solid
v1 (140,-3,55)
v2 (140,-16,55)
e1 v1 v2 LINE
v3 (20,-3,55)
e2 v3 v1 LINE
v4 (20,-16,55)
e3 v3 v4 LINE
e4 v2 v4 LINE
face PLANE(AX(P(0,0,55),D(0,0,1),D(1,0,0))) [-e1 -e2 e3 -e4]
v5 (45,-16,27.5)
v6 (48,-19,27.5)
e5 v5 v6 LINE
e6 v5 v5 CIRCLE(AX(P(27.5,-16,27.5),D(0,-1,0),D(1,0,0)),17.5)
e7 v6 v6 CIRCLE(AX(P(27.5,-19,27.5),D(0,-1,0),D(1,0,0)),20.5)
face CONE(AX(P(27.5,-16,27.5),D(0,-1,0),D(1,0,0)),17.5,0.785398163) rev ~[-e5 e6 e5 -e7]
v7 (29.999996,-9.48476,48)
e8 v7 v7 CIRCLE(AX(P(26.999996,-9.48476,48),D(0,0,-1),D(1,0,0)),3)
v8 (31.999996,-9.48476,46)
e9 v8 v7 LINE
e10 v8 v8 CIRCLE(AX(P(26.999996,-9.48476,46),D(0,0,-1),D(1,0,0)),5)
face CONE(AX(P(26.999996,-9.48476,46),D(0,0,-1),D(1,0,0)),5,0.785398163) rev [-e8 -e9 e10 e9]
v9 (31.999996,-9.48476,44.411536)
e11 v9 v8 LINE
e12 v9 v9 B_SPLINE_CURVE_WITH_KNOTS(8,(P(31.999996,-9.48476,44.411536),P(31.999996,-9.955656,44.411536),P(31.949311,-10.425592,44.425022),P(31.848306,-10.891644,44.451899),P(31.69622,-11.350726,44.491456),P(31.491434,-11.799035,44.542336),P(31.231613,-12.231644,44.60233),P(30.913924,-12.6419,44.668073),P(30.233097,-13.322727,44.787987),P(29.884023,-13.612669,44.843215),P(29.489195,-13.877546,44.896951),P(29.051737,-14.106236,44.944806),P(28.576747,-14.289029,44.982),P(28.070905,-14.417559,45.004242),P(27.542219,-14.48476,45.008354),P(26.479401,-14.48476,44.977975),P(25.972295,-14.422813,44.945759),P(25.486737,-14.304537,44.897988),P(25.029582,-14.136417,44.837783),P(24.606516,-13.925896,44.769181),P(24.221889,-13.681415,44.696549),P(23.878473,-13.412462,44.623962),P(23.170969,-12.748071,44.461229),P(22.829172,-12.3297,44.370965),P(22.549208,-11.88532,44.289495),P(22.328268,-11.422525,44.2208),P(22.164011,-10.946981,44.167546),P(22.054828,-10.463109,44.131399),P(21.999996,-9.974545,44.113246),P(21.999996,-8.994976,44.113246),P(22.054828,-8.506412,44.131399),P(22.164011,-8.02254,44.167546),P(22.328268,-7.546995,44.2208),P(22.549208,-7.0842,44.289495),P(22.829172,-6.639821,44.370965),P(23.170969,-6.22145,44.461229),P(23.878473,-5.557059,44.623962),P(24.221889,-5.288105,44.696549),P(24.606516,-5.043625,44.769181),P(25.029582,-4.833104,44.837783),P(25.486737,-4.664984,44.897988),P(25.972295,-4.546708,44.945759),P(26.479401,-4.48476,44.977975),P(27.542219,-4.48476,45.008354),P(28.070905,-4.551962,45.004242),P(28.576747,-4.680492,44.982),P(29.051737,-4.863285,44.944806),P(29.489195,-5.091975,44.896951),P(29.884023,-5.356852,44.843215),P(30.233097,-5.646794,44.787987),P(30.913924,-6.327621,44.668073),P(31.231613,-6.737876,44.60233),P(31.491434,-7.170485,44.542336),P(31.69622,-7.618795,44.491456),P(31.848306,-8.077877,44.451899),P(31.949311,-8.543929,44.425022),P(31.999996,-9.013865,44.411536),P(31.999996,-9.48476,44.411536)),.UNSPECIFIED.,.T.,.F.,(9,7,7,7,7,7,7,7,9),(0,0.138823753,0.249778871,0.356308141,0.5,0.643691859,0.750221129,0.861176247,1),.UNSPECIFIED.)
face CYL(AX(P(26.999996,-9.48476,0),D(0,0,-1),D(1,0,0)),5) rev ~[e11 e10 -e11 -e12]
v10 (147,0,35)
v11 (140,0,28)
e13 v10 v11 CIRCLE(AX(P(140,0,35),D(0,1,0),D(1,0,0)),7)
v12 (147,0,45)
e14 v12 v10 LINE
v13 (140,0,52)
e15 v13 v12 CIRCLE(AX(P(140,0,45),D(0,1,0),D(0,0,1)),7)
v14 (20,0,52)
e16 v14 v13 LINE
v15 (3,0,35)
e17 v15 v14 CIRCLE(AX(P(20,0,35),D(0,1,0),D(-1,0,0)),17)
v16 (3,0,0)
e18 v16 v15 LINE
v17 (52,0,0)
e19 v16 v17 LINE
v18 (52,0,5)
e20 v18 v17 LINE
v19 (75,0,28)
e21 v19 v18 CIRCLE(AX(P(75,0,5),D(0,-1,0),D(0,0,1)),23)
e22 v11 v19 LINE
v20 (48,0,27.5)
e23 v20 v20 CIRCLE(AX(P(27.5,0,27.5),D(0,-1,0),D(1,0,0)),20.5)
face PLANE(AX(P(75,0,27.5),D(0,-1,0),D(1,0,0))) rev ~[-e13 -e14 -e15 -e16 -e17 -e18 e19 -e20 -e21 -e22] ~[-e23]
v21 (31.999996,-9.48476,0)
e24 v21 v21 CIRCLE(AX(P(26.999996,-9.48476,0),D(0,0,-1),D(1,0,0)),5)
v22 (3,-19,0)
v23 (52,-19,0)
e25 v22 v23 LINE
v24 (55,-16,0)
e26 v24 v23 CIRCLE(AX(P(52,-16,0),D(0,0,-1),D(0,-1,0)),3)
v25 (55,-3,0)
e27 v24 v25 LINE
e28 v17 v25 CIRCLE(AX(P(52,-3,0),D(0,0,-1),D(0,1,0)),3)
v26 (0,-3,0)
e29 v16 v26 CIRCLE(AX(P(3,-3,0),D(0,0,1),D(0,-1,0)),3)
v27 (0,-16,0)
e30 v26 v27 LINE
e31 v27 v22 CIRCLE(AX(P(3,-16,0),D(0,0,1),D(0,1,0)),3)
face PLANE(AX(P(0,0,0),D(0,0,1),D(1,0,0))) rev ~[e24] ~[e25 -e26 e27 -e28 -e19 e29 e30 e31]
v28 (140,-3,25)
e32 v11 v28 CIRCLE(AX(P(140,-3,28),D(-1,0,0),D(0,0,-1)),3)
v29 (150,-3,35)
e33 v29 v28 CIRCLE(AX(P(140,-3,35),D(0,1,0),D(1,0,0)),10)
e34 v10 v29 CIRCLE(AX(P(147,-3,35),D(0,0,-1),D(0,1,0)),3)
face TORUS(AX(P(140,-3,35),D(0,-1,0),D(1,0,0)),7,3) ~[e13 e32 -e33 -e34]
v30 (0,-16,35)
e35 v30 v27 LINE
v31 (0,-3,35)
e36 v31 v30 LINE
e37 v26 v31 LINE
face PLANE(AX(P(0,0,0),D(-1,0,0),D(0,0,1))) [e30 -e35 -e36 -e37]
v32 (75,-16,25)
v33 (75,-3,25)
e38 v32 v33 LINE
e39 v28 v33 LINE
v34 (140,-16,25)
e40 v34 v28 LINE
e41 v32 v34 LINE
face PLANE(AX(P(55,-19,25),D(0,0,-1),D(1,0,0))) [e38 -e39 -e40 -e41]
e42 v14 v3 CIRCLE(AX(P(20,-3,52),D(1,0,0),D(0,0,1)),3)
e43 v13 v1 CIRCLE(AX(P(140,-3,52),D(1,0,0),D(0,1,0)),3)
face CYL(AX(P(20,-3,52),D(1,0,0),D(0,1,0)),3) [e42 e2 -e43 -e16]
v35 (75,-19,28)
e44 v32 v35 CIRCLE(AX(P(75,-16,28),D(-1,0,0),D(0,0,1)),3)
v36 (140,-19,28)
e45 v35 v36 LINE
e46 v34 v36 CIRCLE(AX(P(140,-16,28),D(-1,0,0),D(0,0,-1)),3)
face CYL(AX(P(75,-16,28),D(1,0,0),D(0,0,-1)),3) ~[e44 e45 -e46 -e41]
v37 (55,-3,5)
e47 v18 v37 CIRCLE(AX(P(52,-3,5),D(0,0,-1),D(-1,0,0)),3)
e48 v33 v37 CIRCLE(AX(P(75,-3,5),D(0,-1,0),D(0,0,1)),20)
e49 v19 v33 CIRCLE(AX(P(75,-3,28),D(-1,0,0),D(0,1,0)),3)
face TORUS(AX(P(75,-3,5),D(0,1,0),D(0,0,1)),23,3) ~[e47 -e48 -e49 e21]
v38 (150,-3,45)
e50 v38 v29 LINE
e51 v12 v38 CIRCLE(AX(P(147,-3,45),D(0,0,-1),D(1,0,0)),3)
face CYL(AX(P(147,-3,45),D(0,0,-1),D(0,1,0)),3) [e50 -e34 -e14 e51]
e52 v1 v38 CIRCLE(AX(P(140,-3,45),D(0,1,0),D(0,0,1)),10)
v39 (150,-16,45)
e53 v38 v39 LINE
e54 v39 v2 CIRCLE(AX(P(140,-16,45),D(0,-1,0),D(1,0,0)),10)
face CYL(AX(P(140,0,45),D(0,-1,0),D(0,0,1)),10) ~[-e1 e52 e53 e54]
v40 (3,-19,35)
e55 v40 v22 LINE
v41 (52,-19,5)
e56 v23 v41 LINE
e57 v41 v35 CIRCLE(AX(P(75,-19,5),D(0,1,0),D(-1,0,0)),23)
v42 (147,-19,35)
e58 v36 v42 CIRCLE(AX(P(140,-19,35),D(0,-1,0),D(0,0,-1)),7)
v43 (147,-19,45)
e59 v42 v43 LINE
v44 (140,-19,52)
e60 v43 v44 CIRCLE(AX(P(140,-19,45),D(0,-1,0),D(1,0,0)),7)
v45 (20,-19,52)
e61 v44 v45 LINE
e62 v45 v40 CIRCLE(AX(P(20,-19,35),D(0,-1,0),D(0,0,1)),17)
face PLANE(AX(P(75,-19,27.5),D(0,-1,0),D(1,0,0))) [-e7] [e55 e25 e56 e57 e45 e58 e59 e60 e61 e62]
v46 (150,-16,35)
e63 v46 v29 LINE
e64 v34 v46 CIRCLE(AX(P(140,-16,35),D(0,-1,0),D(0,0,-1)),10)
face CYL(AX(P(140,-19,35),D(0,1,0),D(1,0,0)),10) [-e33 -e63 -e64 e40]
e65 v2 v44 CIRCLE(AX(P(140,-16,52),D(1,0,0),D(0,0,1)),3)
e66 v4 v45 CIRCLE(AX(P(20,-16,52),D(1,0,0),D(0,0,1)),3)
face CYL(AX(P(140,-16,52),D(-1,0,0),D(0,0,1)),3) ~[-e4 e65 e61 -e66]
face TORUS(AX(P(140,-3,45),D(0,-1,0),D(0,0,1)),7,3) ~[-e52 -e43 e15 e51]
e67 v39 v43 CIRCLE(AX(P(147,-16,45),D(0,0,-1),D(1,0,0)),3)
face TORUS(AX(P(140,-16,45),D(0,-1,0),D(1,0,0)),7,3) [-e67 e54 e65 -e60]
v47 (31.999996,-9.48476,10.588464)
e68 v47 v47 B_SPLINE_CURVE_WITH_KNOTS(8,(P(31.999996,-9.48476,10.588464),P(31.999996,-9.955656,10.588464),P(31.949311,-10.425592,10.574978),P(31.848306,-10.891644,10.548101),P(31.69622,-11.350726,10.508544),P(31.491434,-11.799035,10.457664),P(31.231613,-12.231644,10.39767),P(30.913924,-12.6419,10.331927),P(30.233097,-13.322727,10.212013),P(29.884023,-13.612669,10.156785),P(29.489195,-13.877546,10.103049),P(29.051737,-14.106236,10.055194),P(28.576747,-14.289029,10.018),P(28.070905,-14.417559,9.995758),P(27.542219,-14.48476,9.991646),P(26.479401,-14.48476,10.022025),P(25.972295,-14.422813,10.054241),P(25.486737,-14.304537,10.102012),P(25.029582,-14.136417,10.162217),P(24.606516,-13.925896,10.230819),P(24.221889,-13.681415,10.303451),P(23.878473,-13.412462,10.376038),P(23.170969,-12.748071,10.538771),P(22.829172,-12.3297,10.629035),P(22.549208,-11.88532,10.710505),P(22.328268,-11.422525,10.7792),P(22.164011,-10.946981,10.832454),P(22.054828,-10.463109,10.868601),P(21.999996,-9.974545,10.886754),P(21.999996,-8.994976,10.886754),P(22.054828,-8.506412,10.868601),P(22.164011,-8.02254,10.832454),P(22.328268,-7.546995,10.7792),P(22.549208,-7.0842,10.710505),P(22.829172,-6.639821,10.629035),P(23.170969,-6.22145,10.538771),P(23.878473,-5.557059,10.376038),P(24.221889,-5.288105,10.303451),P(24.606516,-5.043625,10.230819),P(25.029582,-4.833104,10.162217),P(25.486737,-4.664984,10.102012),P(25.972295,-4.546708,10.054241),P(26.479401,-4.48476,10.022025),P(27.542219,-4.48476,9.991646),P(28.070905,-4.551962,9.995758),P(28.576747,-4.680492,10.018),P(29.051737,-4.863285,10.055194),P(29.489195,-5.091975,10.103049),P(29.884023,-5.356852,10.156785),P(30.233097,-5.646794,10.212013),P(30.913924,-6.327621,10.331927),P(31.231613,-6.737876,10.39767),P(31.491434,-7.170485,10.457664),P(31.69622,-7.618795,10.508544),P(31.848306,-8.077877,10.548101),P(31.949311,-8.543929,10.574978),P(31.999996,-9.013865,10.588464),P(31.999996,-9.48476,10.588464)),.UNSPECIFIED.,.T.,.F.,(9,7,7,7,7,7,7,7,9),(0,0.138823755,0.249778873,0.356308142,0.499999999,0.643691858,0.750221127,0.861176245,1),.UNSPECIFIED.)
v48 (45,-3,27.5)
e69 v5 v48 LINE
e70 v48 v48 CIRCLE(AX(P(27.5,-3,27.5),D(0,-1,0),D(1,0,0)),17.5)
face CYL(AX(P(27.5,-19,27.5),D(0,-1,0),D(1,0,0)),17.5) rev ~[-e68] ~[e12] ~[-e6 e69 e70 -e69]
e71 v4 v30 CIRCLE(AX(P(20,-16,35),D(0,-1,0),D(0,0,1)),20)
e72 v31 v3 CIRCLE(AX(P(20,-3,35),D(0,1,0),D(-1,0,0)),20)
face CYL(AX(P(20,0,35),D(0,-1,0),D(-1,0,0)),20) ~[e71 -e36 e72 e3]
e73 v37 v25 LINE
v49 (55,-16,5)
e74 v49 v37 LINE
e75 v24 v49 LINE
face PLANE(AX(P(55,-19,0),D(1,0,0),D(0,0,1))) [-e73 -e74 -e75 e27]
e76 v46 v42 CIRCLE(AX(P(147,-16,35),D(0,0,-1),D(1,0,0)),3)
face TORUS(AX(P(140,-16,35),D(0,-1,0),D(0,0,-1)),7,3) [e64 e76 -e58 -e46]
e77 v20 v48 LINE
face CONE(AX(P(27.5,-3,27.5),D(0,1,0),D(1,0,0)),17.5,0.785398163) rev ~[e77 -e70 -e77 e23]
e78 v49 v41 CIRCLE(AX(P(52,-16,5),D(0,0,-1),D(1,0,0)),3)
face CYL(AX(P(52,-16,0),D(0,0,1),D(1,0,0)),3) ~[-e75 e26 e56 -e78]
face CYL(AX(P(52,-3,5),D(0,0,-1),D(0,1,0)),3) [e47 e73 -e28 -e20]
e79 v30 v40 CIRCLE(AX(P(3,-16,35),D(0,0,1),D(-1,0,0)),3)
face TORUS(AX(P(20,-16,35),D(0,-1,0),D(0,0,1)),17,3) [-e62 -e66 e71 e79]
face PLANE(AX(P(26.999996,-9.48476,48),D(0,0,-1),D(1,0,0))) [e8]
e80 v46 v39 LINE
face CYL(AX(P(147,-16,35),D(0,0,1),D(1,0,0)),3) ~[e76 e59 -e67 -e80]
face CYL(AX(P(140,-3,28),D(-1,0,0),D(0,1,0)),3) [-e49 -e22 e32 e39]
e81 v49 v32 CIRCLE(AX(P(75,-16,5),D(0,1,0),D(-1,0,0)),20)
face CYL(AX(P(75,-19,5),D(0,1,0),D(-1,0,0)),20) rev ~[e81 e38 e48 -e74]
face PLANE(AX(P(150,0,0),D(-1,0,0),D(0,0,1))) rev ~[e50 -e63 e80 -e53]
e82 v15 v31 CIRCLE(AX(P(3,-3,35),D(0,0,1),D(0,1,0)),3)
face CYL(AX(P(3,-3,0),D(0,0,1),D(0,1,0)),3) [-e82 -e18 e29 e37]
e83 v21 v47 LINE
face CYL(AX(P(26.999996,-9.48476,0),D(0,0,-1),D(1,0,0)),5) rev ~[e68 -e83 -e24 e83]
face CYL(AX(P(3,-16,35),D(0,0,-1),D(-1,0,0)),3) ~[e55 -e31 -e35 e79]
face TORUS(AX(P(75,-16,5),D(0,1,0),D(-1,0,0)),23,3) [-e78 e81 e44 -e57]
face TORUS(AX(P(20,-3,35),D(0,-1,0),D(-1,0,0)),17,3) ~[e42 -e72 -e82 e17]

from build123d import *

# Parameters (mm, degrees)
F0_W      = 150
F0_H      = 55
F1_DEPTH  = 19
F2_R      = 17.5
F3_DEPTH  = 19.001
F4_W      = 95
F4_H      = 25
F5_DEPTH  = 19.001
F6_R      = 20
F7_R      = 10
F8_R      = 3
F9_R      = 5
F10_DEPTH = 48
F11_SIZE  = 3
F12_SIZE  = 2


with BuildPart() as f1:
    # F0 (on Front) → F1 (new body)
    with BuildSketch(Plane.XZ):
        with Locations((75, 27.5)):
            Rectangle(F0_W, F0_H)
    extrude(amount=F1_DEPTH)

    # F2 (on face) → F3 (cut, through all)
    with BuildSketch(Plane.XZ.offset(19)):
        with Locations((27.5, 27.5)):
            Circle(F2_R)
    extrude(amount=-F3_DEPTH, mode=Mode.SUBTRACT)

    # F4 (on face) → F5 (cut, through all)
    with BuildSketch(Plane.XZ.offset(19)):
        with Locations((102.5, 12.5)):
            Rectangle(F4_W, F4_H)
    extrude(amount=-F5_DEPTH, mode=Mode.SUBTRACT)

    # F6
    f6_edges = [f1.edges().sort_by_distance(p)[0] for p in [
        (55, -9.5, 25),
        (0, -9.5, 55),
    ]]
    fillet(f6_edges, radius=F6_R)

    # F7
    f7_edges = [f1.edges().sort_by_distance(p)[0] for p in [
        (150, -9.5, 25),
        (150, -9.5, 55),
    ]]
    fillet(f7_edges, radius=F7_R)

    # F8
    f8_edges = [f1.edges().sort_by_distance(p)[0] for p in [
        (107.5, -19, 25),
        (80, 0, 55),
    ]]
    fillet(f8_edges, radius=F8_R)

    # F9 (on face) → F10 (cut)
    with BuildSketch(Plane(origin=(0, 0, 0), x_dir=(1, 0, 0), z_dir=(0, 0, -1))):
        with Locations((26.9999956992, 9.4847604468)):
            Circle(F9_R)
    extrude(amount=-F10_DEPTH, mode=Mode.SUBTRACT)

    # F11
    f11_edges = [f1.edges().sort_by_distance(p)[0] for p in [
        (10, -19, 27.5),
        (10, 0, 27.5),
    ]]
    chamfer(f11_edges, length=F11_SIZE)

    # F12
    f12_edges = [f1.edges().sort_by_distance(p)[0] for p in [
        (21.999996, -9.48476, 48),
    ]]
    chamfer(f12_edges, length=F12_SIZE)


solid = f1.part
